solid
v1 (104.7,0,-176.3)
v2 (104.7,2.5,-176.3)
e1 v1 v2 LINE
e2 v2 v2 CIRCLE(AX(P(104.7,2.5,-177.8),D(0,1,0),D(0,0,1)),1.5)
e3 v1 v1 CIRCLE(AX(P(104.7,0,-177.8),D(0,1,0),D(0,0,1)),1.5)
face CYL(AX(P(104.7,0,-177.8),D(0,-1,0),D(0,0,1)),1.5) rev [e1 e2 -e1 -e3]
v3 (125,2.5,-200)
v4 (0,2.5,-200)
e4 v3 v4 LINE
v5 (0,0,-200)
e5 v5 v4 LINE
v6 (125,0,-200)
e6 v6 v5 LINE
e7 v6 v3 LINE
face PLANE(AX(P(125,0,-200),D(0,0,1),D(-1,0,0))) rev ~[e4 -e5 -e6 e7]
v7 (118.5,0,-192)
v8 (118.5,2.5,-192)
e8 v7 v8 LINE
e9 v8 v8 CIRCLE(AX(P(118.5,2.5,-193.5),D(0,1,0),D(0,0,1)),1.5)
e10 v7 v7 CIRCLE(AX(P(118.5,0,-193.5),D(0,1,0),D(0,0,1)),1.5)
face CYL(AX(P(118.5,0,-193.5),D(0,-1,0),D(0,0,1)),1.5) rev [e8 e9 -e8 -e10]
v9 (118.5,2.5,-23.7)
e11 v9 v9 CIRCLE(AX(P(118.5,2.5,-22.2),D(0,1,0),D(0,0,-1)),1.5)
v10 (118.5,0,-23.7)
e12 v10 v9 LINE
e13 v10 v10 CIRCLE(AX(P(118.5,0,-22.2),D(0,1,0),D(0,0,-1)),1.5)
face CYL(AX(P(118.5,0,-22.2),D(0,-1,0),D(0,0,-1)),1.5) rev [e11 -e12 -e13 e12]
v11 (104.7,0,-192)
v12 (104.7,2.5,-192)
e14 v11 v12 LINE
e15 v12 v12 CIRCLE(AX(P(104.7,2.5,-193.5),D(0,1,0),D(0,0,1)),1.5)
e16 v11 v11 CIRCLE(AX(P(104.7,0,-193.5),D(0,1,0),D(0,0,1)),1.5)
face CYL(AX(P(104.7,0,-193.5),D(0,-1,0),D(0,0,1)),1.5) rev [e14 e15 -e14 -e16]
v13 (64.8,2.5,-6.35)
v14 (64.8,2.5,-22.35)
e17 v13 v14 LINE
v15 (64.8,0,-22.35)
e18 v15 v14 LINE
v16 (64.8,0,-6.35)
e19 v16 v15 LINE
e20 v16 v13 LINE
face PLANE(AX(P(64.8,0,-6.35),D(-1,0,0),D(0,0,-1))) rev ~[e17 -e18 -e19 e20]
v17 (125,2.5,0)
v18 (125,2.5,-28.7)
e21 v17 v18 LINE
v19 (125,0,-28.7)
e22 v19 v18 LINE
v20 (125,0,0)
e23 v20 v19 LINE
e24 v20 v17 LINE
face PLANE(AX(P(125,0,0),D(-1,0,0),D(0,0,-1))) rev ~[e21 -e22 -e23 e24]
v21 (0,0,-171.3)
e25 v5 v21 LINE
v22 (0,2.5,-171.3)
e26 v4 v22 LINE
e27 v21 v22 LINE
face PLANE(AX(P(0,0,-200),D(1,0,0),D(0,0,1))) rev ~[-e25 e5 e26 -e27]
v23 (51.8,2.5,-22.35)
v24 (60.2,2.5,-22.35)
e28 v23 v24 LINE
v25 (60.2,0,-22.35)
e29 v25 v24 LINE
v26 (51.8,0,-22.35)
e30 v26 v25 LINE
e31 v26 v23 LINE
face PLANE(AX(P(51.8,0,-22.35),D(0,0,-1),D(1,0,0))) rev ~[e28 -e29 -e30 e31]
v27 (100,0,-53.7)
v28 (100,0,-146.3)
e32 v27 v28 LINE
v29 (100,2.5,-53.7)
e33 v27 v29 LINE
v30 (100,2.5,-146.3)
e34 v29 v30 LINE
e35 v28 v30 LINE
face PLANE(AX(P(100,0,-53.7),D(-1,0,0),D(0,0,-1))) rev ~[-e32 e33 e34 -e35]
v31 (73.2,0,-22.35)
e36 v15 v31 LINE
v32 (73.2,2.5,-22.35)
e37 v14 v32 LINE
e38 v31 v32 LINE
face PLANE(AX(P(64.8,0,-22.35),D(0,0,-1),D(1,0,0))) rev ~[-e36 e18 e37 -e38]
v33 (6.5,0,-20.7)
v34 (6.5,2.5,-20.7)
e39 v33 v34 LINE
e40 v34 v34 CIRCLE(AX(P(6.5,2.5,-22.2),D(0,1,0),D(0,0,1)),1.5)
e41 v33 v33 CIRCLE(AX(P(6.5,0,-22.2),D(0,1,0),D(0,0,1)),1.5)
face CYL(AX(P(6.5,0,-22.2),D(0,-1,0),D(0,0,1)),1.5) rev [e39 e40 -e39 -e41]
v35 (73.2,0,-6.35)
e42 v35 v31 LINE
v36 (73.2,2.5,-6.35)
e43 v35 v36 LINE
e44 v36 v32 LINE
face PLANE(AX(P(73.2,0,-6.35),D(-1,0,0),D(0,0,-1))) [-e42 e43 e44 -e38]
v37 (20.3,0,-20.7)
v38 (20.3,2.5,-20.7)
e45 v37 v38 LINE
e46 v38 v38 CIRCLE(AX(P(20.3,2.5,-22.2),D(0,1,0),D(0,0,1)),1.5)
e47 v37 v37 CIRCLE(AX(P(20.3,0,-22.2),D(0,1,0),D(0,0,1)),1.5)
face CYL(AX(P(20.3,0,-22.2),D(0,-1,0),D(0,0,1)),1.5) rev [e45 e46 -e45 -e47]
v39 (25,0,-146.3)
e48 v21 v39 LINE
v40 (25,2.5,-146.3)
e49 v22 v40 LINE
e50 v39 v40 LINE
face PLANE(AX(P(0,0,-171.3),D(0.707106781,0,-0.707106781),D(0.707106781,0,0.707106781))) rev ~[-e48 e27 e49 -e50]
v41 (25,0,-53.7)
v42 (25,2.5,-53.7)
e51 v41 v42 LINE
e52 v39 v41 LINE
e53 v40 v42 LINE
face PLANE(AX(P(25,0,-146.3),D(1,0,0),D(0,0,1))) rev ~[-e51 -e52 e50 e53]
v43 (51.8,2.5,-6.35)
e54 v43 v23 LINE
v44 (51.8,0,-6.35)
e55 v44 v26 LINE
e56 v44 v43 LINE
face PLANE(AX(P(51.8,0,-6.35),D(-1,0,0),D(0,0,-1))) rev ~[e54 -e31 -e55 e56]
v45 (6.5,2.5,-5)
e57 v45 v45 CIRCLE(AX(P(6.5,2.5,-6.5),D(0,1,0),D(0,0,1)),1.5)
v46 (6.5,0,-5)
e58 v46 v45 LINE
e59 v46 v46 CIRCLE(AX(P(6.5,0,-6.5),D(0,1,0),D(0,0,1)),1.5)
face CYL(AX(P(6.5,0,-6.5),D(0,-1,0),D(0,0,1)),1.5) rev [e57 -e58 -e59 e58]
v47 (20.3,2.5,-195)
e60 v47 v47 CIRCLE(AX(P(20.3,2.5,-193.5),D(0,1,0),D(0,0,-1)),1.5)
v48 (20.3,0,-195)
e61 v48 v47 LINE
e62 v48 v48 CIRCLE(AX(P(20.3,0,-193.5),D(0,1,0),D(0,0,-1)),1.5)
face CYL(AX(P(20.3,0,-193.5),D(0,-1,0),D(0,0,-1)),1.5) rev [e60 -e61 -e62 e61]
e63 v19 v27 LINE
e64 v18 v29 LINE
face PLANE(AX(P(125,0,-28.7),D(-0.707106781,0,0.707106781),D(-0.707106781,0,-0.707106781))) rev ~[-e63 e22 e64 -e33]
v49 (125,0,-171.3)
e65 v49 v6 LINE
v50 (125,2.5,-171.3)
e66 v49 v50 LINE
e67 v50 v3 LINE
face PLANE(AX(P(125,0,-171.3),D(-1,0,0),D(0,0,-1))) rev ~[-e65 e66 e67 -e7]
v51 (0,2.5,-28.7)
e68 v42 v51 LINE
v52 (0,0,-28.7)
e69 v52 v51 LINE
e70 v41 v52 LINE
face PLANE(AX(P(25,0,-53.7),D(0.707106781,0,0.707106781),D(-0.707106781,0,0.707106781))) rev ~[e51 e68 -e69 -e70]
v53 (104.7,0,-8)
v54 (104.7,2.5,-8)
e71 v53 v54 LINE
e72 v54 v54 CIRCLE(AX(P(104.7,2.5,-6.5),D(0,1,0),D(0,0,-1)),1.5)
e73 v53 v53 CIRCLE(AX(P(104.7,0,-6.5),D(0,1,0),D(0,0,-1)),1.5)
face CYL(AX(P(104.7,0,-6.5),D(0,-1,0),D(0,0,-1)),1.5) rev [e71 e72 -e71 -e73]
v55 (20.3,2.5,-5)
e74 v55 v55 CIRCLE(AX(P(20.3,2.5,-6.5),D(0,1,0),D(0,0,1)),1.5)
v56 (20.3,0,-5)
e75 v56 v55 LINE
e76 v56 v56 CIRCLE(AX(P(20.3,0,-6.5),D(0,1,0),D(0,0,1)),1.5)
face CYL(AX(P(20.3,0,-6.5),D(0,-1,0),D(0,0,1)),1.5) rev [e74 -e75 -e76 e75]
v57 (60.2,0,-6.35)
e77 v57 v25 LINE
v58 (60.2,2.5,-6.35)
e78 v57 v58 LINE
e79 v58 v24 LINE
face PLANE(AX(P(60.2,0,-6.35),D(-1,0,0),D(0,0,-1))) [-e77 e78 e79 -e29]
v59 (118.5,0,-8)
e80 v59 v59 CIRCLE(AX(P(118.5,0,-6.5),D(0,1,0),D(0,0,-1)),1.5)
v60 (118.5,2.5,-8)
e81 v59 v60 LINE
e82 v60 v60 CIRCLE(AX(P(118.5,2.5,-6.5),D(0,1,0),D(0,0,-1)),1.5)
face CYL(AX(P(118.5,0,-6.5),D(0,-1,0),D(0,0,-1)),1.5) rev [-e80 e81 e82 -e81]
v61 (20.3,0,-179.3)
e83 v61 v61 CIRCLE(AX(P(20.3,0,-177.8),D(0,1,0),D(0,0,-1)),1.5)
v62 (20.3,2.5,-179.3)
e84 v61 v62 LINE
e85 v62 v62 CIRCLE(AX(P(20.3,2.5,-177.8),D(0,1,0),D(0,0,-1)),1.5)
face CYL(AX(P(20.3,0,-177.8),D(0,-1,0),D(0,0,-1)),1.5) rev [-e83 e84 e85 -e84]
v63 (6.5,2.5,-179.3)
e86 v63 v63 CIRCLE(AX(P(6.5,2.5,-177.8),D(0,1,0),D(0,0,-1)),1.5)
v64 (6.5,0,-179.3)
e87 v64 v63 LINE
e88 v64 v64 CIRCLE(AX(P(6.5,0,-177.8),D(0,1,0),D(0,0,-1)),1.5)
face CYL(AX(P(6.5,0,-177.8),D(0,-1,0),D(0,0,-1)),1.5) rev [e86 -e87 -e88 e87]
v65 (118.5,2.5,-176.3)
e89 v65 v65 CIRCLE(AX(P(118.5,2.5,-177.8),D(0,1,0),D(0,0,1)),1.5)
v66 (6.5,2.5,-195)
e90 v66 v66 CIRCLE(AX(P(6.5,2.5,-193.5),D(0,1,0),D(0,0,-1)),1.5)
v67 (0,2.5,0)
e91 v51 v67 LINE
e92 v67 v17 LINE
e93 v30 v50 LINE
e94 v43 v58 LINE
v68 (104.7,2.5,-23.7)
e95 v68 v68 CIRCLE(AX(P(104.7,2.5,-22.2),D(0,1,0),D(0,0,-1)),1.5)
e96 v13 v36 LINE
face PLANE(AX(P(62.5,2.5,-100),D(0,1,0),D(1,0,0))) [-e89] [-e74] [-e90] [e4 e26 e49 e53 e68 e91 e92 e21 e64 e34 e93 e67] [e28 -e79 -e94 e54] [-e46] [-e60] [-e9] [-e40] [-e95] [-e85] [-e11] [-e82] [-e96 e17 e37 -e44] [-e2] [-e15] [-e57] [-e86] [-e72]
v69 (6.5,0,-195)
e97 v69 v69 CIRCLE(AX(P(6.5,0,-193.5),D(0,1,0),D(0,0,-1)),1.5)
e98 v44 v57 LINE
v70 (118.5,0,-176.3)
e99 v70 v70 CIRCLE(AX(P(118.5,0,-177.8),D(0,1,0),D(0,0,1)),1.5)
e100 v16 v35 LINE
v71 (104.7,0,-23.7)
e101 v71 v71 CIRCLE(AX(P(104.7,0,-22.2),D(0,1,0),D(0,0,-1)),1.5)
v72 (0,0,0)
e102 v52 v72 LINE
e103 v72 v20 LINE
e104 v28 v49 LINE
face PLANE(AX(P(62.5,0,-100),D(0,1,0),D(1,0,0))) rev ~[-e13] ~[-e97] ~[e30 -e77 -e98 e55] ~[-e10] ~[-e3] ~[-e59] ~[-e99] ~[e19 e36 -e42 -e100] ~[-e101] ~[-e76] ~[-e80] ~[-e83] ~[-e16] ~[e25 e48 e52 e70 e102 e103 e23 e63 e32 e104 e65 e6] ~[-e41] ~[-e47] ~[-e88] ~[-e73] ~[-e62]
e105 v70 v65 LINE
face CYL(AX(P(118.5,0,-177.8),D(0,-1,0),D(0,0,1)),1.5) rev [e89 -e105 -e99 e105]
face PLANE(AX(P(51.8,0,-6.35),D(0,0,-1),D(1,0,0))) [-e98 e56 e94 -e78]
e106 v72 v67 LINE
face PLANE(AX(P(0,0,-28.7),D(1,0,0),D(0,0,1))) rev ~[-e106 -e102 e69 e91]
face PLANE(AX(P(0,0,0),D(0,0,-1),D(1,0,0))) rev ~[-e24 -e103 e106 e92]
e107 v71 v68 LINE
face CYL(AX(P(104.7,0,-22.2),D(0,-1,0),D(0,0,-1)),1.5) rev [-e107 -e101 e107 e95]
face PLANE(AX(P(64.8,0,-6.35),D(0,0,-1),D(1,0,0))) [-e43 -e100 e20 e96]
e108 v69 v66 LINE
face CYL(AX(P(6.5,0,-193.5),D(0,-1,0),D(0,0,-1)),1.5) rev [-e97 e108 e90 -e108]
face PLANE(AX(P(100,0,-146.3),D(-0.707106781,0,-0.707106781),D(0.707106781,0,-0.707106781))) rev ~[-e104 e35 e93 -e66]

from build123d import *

# Parameters (mm, degrees)
SKETCH1_R           = 1.5
SKETCH1_W           = 8.4
SKETCH1_H           = 16
BOSS_EXTRUDE1_DEPTH = 2.5


with BuildPart() as part:
    # Sketch1 → Boss-Extrude1 (new body)
    with BuildSketch(Plane(origin=(0, 0, 0), x_dir=(1, 0, 0), z_dir=(0, 1, 0))):
        Polygon((0, 0), (125, 0), (125, 28.7), (100, 53.7), (100, 146.3), (125, 171.3), (125, 200), (0, 200), (0, 171.3), (25, 146.3), (25, 53.7), (0, 28.7), align=None)
        with Locations(Location((6.5, 6.5, 0), (0, 0, 270))):
            Circle(SKETCH1_R, mode=Mode.SUBTRACT)
        with Locations(Location((6.5, 22.2, 0), (0, 0, 270))):
            Circle(SKETCH1_R, mode=Mode.SUBTRACT)
        with Locations(Location((20.3, 6.5, 0), (0, 0, 270))):
            Circle(SKETCH1_R, mode=Mode.SUBTRACT)
        with Locations(Location((20.3, 22.2, 0), (0, 0, 270))):
            Circle(SKETCH1_R, mode=Mode.SUBTRACT)
        with Locations(Location((104.7, 6.5, 0), (0, 0, 90))):
            Circle(SKETCH1_R, mode=Mode.SUBTRACT)
        with Locations(Location((118.5, 6.5, 0), (0, 0, 90))):
            Circle(SKETCH1_R, mode=Mode.SUBTRACT)
        with Locations(Location((104.7, 22.2, 0), (0, 0, 90))):
            Circle(SKETCH1_R, mode=Mode.SUBTRACT)
        with Locations(Location((118.5, 22.2, 0), (0, 0, 90))):
            Circle(SKETCH1_R, mode=Mode.SUBTRACT)
        with Locations(Location((118.5, 177.8, 0), (0, 0, 270))):
            Circle(SKETCH1_R, mode=Mode.SUBTRACT)
        with Locations(Location((118.5, 193.5, 0), (0, 0, 270))):
            Circle(SKETCH1_R, mode=Mode.SUBTRACT)
        with Locations(Location((104.7, 193.5, 0), (0, 0, 270))):
            Circle(SKETCH1_R, mode=Mode.SUBTRACT)
        with Locations(Location((104.7, 177.8, 0), (0, 0, 270))):
            Circle(SKETCH1_R, mode=Mode.SUBTRACT)
        with Locations(Location((20.3, 193.5, 0), (0, 0, 90))):
            Circle(SKETCH1_R, mode=Mode.SUBTRACT)
        with Locations(Location((20.3, 177.8, 0), (0, 0, 90))):
            Circle(SKETCH1_R, mode=Mode.SUBTRACT)
        with Locations(Location((6.5, 193.5, 0), (0, 0, 90))):
            Circle(SKETCH1_R, mode=Mode.SUBTRACT)
        with Locations(Location((6.5, 177.8, 0), (0, 0, 90))):
            Circle(SKETCH1_R, mode=Mode.SUBTRACT)
        with Locations((56, 14.35)):
            Rectangle(SKETCH1_W, SKETCH1_H, mode=Mode.SUBTRACT)
        with Locations((69, 14.35)):
            Rectangle(SKETCH1_W, SKETCH1_H, mode=Mode.SUBTRACT)
    extrude(amount=BOSS_EXTRUDE1_DEPTH)


solid = part.part
